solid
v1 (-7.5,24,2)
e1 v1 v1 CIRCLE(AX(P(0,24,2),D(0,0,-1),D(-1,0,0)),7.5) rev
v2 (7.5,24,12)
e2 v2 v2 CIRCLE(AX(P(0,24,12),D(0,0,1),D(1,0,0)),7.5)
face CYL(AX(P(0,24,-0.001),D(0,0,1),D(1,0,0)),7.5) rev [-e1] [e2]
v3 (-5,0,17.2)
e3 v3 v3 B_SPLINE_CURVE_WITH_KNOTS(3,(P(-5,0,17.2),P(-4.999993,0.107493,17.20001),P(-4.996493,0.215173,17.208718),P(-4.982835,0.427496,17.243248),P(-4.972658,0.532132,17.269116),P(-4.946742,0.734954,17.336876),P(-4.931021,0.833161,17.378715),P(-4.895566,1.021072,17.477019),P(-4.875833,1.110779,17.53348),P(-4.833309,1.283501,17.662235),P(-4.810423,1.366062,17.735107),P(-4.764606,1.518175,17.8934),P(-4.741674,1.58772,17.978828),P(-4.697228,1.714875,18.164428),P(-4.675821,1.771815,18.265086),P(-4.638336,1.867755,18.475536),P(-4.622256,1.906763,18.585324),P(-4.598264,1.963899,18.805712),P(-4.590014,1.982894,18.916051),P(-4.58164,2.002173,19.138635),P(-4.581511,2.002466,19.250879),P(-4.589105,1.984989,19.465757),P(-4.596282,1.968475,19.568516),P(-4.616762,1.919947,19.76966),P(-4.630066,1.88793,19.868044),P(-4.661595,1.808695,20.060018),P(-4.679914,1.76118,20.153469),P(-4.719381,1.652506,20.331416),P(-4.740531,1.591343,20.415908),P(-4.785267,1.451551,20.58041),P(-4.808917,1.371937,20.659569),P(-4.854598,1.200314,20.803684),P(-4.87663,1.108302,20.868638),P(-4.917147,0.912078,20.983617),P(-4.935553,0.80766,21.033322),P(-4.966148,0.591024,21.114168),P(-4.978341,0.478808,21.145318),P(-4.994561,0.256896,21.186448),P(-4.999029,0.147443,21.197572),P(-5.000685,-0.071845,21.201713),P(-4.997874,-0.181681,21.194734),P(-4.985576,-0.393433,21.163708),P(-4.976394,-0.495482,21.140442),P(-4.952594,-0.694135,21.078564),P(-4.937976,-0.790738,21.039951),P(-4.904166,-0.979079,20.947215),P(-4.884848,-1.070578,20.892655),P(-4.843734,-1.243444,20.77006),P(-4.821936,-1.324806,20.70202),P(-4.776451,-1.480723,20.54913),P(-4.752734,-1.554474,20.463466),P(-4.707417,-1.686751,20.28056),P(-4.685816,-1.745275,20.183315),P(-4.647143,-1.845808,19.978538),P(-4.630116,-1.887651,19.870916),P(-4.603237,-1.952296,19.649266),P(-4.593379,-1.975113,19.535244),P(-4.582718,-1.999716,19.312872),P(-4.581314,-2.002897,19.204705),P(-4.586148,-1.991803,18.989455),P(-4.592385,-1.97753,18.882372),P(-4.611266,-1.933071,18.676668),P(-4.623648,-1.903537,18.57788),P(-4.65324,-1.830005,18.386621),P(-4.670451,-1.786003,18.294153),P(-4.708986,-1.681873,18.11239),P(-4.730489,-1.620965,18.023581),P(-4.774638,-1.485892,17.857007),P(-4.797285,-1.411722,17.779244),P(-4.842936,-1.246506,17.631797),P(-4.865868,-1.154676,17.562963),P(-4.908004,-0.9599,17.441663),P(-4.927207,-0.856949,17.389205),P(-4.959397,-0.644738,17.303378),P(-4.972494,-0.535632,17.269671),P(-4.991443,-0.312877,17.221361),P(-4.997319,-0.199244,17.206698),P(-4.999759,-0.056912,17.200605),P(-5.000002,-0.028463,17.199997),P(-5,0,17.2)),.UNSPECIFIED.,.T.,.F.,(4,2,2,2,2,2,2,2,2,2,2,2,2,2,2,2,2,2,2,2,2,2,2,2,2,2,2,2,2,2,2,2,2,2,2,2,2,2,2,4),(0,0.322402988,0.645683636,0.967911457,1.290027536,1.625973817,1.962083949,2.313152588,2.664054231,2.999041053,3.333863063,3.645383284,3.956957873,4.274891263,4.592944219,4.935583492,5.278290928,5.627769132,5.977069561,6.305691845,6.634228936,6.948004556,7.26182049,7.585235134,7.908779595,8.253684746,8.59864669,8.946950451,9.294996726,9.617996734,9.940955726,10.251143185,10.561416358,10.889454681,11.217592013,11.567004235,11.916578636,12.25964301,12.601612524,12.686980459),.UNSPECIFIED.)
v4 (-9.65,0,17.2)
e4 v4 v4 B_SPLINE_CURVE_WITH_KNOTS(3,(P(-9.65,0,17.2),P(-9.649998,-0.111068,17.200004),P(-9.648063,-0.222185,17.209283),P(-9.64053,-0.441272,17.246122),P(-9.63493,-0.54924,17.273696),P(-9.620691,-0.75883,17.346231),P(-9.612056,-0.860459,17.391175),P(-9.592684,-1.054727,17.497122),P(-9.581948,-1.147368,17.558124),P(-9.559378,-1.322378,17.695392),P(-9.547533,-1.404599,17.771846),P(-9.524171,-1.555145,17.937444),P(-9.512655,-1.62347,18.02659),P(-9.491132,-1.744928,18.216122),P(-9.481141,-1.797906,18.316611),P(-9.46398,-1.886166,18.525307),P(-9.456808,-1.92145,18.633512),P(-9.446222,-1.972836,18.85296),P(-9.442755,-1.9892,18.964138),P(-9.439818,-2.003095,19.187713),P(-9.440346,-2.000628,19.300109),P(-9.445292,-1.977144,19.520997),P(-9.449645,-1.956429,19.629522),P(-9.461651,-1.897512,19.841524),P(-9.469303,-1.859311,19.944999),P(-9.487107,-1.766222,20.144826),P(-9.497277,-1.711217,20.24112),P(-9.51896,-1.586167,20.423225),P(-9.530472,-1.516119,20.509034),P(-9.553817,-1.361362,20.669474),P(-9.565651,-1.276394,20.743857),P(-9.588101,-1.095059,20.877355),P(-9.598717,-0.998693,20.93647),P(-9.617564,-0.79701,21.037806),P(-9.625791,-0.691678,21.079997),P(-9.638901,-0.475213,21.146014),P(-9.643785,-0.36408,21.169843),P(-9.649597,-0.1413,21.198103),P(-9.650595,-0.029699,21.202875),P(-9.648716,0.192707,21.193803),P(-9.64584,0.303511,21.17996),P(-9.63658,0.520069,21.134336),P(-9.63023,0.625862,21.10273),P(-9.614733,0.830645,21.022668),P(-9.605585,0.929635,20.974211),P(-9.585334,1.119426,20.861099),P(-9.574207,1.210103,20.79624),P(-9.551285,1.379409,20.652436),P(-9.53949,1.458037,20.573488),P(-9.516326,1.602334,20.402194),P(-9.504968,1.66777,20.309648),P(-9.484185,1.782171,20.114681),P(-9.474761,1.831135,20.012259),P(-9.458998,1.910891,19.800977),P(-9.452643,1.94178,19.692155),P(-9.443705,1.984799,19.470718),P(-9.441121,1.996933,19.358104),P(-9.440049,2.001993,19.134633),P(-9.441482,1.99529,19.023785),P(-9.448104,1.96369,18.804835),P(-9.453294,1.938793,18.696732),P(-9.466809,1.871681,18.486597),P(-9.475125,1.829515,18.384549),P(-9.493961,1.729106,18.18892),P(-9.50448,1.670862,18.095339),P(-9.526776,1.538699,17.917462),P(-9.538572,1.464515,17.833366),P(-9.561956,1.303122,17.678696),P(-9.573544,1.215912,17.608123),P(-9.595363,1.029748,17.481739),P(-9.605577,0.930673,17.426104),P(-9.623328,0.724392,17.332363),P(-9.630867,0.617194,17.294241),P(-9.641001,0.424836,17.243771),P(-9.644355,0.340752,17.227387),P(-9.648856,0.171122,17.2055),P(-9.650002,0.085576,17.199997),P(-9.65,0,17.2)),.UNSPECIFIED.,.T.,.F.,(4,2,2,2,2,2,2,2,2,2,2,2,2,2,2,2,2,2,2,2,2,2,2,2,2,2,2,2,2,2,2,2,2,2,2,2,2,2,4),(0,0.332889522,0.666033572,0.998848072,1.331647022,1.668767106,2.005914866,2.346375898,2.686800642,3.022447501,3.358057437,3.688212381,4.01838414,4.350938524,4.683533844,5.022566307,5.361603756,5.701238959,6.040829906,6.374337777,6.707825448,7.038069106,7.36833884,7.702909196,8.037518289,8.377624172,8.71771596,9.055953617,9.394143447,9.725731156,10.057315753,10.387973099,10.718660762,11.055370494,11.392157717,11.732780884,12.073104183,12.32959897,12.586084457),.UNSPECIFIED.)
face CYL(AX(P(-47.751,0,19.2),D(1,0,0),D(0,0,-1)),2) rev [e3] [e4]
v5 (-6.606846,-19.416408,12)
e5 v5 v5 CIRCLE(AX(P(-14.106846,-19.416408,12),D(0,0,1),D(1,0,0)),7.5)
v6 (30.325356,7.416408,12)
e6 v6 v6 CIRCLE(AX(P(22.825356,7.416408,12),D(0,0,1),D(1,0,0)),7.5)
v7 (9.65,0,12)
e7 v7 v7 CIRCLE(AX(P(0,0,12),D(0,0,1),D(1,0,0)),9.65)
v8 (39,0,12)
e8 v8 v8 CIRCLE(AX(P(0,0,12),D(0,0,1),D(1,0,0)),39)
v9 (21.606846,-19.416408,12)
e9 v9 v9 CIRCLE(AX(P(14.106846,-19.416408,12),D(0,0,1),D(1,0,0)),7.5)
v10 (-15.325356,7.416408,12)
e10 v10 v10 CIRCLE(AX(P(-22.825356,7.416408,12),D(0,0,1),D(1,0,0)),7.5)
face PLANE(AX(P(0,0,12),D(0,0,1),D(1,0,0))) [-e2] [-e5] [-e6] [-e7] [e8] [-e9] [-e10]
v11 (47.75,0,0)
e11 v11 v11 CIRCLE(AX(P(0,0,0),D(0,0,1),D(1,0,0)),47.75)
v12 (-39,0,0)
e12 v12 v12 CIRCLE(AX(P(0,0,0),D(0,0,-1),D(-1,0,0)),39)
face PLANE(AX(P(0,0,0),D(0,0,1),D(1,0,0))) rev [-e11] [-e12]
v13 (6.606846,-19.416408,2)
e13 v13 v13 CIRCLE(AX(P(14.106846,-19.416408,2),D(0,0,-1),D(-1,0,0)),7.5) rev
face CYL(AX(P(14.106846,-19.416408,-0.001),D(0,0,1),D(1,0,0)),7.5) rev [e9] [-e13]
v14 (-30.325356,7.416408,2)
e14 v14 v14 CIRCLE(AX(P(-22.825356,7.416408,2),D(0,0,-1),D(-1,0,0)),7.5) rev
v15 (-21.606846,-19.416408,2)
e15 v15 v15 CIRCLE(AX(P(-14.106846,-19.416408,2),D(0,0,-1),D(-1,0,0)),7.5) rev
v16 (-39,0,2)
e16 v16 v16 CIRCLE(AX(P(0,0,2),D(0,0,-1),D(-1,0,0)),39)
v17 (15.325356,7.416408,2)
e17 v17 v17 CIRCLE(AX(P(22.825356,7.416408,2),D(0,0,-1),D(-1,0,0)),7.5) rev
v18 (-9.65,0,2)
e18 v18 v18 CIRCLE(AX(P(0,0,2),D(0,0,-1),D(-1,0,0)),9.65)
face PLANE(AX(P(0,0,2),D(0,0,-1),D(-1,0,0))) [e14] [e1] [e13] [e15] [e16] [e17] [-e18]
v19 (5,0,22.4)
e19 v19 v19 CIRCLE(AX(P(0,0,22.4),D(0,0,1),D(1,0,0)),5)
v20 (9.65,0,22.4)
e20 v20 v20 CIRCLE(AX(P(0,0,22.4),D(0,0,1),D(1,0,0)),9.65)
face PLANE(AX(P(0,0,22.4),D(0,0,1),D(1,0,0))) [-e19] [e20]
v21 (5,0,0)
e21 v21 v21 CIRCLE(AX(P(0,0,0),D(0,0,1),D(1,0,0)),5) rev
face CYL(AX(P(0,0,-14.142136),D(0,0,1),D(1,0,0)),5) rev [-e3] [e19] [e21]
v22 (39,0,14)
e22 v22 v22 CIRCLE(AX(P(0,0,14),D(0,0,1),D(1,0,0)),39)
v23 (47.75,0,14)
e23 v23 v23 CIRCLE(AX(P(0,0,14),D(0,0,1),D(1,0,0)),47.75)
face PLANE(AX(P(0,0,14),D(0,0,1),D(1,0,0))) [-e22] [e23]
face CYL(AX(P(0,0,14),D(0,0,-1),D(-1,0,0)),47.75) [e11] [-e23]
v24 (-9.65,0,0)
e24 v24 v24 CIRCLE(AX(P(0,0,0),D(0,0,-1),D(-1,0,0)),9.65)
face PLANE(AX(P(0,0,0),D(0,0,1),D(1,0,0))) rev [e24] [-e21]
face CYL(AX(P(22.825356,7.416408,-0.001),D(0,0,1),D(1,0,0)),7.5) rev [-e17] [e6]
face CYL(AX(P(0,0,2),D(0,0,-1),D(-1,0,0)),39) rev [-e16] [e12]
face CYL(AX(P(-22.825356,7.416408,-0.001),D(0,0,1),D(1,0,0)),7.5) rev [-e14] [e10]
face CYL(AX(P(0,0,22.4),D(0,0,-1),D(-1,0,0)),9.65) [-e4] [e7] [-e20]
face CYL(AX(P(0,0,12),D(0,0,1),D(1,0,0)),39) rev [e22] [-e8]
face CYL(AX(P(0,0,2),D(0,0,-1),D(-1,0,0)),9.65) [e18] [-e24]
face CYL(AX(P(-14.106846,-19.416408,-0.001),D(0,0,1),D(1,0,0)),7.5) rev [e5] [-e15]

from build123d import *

# Parameters (mm, degrees)
SKETCH_1_R               = 47.75
EXTRUDE_1_DEPTH          = 14
SKETCH_2_R               = 9.65
EXTRUDE_2_DEPTH          = 8.4
SKETCH_3_R               = 5
CUT_EXTRUDE_1_DEPTH      = 22.4
CUT_EXTRUDE_2_REACH      = 73.147
CUT_EXTRUDE_2_END_RADIUS = 9.65
SKETCH_6_R               = 2
CUT_EXTRUDE_START        = -2
SKETCH_7_R               = 39
SKETCH_7_R_2             = 9.65
CUT_EXTRUDE_3_DEPTH      = 2
SKETCH_8_R               = 39
SKETCH_8_R_2             = 9.65
CUT_EXTRUDE_4_DEPTH      = 2
CUT_EXTRUDE_5_REACH      = 70.587
SKETCH_9_R               = 7.5


with BuildPart() as part:
    # 草图1 → 凸台-拉伸1 (new body)
    with BuildSketch(Plane.XY):
        Circle(SKETCH_1_R)
    extrude(amount=EXTRUDE_1_DEPTH)

    # 草图2 → 凸台-拉伸2 (add)
    with BuildSketch(Plane.XY.offset(14)):
        Circle(SKETCH_2_R)
    extrude(amount=EXTRUDE_2_DEPTH)

    # 草图3 → 切除-拉伸1 (cut)
    with BuildSketch(Plane.XY.offset(22.4)):
        Circle(SKETCH_3_R)
    extrude(amount=-CUT_EXTRUDE_1_DEPTH, mode=Mode.SUBTRACT)

    # 切除-拉伸2: up to this cylinder (the profile starts inside it)
    cut_extrude_2_end = Plane(origin=(0, 0, 19.2), z_dir=(0, 0, -1)) * Cylinder(CUT_EXTRUDE_2_END_RADIUS, 166.594, mode=Mode.PRIVATE)
    # 草图6 → 切除-拉伸2 (cut, up to the surface)
    with BuildSketch(Plane(origin=(0, 0, 0), x_dir=(0, 0, -1), z_dir=(1, 0, 0)), mode=Mode.PRIVATE) as cut_extrude_2_sk1:
        with Locations((-19.2, 0)):
            Circle(SKETCH_6_R)
    cut_extrude_2_tool1 = extrude(cut_extrude_2_sk1.sketch, amount=-CUT_EXTRUDE_2_REACH, mode=Mode.PRIVATE) & cut_extrude_2_end
    add(cut_extrude_2_tool1.solids().sort_by_distance((0, 0, 19.2))[0], mode=Mode.SUBTRACT)

    # 草图7 → 切除-拉伸3 (cut)
    with BuildSketch(Plane.XY.offset(14).offset(CUT_EXTRUDE_START)):
        Circle(SKETCH_7_R)
        Circle(SKETCH_7_R_2, mode=Mode.SUBTRACT)
    extrude(amount=CUT_EXTRUDE_3_DEPTH, mode=Mode.SUBTRACT)

    # 草图8 → 切除-拉伸4 (cut)
    with BuildSketch(Plane(origin=(0, 0, 0), x_dir=(-1, 0, 0), z_dir=(0, 0, -1))):
        with Locations(Location((0, 0, 0), (0, 0, 180))):
            Circle(SKETCH_8_R)
        with Locations(Location((0, 0, 0), (0, 0, 180))):
            Circle(SKETCH_8_R_2, mode=Mode.SUBTRACT)
    extrude(amount=-CUT_EXTRUDE_4_DEPTH, mode=Mode.SUBTRACT)

    # 草图9 → 切除-拉伸5 (cut, up to next)
    with BuildSketch(Plane.XY.offset(12), mode=Mode.PRIVATE) as cut_extrude_5_sk1:
        with Locations((0, 24)):
            Circle(SKETCH_9_R)
    cut_extrude_5_tool1 = extrude(cut_extrude_5_sk1.sketch, amount=-CUT_EXTRUDE_5_REACH, mode=Mode.PRIVATE) & part.part
    # 草图9 → 切除-拉伸5 (cut, up to next)
    with BuildSketch(Plane.XY.offset(12), mode=Mode.PRIVATE) as cut_extrude_5_sk2:
        with Locations((22.825356391, 7.416407865)):
            Circle(SKETCH_9_R)
    cut_extrude_5_tool2 = extrude(cut_extrude_5_sk2.sketch, amount=-CUT_EXTRUDE_5_REACH, mode=Mode.PRIVATE) & part.part
    # 草图9 → 切除-拉伸5 (cut, up to next)
    with BuildSketch(Plane.XY.offset(12), mode=Mode.PRIVATE) as cut_extrude_5_sk3:
        with Locations((14.106846055, -19.416407865)):
            Circle(SKETCH_9_R)
    cut_extrude_5_tool3 = extrude(cut_extrude_5_sk3.sketch, amount=-CUT_EXTRUDE_5_REACH, mode=Mode.PRIVATE) & part.part
    # 草图9 → 切除-拉伸5 (cut, up to next)
    with BuildSketch(Plane.XY.offset(12), mode=Mode.PRIVATE) as cut_extrude_5_sk4:
        with Locations((-14.106846055, -19.416407865)):
            Circle(SKETCH_9_R)
    cut_extrude_5_tool4 = extrude(cut_extrude_5_sk4.sketch, amount=-CUT_EXTRUDE_5_REACH, mode=Mode.PRIVATE) & part.part
    # 草图9 → 切除-拉伸5 (cut, up to next)
    with BuildSketch(Plane.XY.offset(12), mode=Mode.PRIVATE) as cut_extrude_5_sk5:
        with Locations((-22.825356391, 7.416407865)):
            Circle(SKETCH_9_R)
    cut_extrude_5_tool5 = extrude(cut_extrude_5_sk5.sketch, amount=-CUT_EXTRUDE_5_REACH, mode=Mode.PRIVATE) & part.part
    add(cut_extrude_5_tool1.solids().sort_by_distance((0, 24, 12))[0], mode=Mode.SUBTRACT)
    add(cut_extrude_5_tool2.solids().sort_by_distance((22.825356, 7.416408, 12))[0], mode=Mode.SUBTRACT)
    add(cut_extrude_5_tool3.solids().sort_by_distance((14.106846, -19.416408, 12))[0], mode=Mode.SUBTRACT)
    add(cut_extrude_5_tool4.solids().sort_by_distance((-14.106846, -19.416408, 12))[0], mode=Mode.SUBTRACT)
    add(cut_extrude_5_tool5.solids().sort_by_distance((-22.825356, 7.416408, 12))[0], mode=Mode.SUBTRACT)


solid = part.part
